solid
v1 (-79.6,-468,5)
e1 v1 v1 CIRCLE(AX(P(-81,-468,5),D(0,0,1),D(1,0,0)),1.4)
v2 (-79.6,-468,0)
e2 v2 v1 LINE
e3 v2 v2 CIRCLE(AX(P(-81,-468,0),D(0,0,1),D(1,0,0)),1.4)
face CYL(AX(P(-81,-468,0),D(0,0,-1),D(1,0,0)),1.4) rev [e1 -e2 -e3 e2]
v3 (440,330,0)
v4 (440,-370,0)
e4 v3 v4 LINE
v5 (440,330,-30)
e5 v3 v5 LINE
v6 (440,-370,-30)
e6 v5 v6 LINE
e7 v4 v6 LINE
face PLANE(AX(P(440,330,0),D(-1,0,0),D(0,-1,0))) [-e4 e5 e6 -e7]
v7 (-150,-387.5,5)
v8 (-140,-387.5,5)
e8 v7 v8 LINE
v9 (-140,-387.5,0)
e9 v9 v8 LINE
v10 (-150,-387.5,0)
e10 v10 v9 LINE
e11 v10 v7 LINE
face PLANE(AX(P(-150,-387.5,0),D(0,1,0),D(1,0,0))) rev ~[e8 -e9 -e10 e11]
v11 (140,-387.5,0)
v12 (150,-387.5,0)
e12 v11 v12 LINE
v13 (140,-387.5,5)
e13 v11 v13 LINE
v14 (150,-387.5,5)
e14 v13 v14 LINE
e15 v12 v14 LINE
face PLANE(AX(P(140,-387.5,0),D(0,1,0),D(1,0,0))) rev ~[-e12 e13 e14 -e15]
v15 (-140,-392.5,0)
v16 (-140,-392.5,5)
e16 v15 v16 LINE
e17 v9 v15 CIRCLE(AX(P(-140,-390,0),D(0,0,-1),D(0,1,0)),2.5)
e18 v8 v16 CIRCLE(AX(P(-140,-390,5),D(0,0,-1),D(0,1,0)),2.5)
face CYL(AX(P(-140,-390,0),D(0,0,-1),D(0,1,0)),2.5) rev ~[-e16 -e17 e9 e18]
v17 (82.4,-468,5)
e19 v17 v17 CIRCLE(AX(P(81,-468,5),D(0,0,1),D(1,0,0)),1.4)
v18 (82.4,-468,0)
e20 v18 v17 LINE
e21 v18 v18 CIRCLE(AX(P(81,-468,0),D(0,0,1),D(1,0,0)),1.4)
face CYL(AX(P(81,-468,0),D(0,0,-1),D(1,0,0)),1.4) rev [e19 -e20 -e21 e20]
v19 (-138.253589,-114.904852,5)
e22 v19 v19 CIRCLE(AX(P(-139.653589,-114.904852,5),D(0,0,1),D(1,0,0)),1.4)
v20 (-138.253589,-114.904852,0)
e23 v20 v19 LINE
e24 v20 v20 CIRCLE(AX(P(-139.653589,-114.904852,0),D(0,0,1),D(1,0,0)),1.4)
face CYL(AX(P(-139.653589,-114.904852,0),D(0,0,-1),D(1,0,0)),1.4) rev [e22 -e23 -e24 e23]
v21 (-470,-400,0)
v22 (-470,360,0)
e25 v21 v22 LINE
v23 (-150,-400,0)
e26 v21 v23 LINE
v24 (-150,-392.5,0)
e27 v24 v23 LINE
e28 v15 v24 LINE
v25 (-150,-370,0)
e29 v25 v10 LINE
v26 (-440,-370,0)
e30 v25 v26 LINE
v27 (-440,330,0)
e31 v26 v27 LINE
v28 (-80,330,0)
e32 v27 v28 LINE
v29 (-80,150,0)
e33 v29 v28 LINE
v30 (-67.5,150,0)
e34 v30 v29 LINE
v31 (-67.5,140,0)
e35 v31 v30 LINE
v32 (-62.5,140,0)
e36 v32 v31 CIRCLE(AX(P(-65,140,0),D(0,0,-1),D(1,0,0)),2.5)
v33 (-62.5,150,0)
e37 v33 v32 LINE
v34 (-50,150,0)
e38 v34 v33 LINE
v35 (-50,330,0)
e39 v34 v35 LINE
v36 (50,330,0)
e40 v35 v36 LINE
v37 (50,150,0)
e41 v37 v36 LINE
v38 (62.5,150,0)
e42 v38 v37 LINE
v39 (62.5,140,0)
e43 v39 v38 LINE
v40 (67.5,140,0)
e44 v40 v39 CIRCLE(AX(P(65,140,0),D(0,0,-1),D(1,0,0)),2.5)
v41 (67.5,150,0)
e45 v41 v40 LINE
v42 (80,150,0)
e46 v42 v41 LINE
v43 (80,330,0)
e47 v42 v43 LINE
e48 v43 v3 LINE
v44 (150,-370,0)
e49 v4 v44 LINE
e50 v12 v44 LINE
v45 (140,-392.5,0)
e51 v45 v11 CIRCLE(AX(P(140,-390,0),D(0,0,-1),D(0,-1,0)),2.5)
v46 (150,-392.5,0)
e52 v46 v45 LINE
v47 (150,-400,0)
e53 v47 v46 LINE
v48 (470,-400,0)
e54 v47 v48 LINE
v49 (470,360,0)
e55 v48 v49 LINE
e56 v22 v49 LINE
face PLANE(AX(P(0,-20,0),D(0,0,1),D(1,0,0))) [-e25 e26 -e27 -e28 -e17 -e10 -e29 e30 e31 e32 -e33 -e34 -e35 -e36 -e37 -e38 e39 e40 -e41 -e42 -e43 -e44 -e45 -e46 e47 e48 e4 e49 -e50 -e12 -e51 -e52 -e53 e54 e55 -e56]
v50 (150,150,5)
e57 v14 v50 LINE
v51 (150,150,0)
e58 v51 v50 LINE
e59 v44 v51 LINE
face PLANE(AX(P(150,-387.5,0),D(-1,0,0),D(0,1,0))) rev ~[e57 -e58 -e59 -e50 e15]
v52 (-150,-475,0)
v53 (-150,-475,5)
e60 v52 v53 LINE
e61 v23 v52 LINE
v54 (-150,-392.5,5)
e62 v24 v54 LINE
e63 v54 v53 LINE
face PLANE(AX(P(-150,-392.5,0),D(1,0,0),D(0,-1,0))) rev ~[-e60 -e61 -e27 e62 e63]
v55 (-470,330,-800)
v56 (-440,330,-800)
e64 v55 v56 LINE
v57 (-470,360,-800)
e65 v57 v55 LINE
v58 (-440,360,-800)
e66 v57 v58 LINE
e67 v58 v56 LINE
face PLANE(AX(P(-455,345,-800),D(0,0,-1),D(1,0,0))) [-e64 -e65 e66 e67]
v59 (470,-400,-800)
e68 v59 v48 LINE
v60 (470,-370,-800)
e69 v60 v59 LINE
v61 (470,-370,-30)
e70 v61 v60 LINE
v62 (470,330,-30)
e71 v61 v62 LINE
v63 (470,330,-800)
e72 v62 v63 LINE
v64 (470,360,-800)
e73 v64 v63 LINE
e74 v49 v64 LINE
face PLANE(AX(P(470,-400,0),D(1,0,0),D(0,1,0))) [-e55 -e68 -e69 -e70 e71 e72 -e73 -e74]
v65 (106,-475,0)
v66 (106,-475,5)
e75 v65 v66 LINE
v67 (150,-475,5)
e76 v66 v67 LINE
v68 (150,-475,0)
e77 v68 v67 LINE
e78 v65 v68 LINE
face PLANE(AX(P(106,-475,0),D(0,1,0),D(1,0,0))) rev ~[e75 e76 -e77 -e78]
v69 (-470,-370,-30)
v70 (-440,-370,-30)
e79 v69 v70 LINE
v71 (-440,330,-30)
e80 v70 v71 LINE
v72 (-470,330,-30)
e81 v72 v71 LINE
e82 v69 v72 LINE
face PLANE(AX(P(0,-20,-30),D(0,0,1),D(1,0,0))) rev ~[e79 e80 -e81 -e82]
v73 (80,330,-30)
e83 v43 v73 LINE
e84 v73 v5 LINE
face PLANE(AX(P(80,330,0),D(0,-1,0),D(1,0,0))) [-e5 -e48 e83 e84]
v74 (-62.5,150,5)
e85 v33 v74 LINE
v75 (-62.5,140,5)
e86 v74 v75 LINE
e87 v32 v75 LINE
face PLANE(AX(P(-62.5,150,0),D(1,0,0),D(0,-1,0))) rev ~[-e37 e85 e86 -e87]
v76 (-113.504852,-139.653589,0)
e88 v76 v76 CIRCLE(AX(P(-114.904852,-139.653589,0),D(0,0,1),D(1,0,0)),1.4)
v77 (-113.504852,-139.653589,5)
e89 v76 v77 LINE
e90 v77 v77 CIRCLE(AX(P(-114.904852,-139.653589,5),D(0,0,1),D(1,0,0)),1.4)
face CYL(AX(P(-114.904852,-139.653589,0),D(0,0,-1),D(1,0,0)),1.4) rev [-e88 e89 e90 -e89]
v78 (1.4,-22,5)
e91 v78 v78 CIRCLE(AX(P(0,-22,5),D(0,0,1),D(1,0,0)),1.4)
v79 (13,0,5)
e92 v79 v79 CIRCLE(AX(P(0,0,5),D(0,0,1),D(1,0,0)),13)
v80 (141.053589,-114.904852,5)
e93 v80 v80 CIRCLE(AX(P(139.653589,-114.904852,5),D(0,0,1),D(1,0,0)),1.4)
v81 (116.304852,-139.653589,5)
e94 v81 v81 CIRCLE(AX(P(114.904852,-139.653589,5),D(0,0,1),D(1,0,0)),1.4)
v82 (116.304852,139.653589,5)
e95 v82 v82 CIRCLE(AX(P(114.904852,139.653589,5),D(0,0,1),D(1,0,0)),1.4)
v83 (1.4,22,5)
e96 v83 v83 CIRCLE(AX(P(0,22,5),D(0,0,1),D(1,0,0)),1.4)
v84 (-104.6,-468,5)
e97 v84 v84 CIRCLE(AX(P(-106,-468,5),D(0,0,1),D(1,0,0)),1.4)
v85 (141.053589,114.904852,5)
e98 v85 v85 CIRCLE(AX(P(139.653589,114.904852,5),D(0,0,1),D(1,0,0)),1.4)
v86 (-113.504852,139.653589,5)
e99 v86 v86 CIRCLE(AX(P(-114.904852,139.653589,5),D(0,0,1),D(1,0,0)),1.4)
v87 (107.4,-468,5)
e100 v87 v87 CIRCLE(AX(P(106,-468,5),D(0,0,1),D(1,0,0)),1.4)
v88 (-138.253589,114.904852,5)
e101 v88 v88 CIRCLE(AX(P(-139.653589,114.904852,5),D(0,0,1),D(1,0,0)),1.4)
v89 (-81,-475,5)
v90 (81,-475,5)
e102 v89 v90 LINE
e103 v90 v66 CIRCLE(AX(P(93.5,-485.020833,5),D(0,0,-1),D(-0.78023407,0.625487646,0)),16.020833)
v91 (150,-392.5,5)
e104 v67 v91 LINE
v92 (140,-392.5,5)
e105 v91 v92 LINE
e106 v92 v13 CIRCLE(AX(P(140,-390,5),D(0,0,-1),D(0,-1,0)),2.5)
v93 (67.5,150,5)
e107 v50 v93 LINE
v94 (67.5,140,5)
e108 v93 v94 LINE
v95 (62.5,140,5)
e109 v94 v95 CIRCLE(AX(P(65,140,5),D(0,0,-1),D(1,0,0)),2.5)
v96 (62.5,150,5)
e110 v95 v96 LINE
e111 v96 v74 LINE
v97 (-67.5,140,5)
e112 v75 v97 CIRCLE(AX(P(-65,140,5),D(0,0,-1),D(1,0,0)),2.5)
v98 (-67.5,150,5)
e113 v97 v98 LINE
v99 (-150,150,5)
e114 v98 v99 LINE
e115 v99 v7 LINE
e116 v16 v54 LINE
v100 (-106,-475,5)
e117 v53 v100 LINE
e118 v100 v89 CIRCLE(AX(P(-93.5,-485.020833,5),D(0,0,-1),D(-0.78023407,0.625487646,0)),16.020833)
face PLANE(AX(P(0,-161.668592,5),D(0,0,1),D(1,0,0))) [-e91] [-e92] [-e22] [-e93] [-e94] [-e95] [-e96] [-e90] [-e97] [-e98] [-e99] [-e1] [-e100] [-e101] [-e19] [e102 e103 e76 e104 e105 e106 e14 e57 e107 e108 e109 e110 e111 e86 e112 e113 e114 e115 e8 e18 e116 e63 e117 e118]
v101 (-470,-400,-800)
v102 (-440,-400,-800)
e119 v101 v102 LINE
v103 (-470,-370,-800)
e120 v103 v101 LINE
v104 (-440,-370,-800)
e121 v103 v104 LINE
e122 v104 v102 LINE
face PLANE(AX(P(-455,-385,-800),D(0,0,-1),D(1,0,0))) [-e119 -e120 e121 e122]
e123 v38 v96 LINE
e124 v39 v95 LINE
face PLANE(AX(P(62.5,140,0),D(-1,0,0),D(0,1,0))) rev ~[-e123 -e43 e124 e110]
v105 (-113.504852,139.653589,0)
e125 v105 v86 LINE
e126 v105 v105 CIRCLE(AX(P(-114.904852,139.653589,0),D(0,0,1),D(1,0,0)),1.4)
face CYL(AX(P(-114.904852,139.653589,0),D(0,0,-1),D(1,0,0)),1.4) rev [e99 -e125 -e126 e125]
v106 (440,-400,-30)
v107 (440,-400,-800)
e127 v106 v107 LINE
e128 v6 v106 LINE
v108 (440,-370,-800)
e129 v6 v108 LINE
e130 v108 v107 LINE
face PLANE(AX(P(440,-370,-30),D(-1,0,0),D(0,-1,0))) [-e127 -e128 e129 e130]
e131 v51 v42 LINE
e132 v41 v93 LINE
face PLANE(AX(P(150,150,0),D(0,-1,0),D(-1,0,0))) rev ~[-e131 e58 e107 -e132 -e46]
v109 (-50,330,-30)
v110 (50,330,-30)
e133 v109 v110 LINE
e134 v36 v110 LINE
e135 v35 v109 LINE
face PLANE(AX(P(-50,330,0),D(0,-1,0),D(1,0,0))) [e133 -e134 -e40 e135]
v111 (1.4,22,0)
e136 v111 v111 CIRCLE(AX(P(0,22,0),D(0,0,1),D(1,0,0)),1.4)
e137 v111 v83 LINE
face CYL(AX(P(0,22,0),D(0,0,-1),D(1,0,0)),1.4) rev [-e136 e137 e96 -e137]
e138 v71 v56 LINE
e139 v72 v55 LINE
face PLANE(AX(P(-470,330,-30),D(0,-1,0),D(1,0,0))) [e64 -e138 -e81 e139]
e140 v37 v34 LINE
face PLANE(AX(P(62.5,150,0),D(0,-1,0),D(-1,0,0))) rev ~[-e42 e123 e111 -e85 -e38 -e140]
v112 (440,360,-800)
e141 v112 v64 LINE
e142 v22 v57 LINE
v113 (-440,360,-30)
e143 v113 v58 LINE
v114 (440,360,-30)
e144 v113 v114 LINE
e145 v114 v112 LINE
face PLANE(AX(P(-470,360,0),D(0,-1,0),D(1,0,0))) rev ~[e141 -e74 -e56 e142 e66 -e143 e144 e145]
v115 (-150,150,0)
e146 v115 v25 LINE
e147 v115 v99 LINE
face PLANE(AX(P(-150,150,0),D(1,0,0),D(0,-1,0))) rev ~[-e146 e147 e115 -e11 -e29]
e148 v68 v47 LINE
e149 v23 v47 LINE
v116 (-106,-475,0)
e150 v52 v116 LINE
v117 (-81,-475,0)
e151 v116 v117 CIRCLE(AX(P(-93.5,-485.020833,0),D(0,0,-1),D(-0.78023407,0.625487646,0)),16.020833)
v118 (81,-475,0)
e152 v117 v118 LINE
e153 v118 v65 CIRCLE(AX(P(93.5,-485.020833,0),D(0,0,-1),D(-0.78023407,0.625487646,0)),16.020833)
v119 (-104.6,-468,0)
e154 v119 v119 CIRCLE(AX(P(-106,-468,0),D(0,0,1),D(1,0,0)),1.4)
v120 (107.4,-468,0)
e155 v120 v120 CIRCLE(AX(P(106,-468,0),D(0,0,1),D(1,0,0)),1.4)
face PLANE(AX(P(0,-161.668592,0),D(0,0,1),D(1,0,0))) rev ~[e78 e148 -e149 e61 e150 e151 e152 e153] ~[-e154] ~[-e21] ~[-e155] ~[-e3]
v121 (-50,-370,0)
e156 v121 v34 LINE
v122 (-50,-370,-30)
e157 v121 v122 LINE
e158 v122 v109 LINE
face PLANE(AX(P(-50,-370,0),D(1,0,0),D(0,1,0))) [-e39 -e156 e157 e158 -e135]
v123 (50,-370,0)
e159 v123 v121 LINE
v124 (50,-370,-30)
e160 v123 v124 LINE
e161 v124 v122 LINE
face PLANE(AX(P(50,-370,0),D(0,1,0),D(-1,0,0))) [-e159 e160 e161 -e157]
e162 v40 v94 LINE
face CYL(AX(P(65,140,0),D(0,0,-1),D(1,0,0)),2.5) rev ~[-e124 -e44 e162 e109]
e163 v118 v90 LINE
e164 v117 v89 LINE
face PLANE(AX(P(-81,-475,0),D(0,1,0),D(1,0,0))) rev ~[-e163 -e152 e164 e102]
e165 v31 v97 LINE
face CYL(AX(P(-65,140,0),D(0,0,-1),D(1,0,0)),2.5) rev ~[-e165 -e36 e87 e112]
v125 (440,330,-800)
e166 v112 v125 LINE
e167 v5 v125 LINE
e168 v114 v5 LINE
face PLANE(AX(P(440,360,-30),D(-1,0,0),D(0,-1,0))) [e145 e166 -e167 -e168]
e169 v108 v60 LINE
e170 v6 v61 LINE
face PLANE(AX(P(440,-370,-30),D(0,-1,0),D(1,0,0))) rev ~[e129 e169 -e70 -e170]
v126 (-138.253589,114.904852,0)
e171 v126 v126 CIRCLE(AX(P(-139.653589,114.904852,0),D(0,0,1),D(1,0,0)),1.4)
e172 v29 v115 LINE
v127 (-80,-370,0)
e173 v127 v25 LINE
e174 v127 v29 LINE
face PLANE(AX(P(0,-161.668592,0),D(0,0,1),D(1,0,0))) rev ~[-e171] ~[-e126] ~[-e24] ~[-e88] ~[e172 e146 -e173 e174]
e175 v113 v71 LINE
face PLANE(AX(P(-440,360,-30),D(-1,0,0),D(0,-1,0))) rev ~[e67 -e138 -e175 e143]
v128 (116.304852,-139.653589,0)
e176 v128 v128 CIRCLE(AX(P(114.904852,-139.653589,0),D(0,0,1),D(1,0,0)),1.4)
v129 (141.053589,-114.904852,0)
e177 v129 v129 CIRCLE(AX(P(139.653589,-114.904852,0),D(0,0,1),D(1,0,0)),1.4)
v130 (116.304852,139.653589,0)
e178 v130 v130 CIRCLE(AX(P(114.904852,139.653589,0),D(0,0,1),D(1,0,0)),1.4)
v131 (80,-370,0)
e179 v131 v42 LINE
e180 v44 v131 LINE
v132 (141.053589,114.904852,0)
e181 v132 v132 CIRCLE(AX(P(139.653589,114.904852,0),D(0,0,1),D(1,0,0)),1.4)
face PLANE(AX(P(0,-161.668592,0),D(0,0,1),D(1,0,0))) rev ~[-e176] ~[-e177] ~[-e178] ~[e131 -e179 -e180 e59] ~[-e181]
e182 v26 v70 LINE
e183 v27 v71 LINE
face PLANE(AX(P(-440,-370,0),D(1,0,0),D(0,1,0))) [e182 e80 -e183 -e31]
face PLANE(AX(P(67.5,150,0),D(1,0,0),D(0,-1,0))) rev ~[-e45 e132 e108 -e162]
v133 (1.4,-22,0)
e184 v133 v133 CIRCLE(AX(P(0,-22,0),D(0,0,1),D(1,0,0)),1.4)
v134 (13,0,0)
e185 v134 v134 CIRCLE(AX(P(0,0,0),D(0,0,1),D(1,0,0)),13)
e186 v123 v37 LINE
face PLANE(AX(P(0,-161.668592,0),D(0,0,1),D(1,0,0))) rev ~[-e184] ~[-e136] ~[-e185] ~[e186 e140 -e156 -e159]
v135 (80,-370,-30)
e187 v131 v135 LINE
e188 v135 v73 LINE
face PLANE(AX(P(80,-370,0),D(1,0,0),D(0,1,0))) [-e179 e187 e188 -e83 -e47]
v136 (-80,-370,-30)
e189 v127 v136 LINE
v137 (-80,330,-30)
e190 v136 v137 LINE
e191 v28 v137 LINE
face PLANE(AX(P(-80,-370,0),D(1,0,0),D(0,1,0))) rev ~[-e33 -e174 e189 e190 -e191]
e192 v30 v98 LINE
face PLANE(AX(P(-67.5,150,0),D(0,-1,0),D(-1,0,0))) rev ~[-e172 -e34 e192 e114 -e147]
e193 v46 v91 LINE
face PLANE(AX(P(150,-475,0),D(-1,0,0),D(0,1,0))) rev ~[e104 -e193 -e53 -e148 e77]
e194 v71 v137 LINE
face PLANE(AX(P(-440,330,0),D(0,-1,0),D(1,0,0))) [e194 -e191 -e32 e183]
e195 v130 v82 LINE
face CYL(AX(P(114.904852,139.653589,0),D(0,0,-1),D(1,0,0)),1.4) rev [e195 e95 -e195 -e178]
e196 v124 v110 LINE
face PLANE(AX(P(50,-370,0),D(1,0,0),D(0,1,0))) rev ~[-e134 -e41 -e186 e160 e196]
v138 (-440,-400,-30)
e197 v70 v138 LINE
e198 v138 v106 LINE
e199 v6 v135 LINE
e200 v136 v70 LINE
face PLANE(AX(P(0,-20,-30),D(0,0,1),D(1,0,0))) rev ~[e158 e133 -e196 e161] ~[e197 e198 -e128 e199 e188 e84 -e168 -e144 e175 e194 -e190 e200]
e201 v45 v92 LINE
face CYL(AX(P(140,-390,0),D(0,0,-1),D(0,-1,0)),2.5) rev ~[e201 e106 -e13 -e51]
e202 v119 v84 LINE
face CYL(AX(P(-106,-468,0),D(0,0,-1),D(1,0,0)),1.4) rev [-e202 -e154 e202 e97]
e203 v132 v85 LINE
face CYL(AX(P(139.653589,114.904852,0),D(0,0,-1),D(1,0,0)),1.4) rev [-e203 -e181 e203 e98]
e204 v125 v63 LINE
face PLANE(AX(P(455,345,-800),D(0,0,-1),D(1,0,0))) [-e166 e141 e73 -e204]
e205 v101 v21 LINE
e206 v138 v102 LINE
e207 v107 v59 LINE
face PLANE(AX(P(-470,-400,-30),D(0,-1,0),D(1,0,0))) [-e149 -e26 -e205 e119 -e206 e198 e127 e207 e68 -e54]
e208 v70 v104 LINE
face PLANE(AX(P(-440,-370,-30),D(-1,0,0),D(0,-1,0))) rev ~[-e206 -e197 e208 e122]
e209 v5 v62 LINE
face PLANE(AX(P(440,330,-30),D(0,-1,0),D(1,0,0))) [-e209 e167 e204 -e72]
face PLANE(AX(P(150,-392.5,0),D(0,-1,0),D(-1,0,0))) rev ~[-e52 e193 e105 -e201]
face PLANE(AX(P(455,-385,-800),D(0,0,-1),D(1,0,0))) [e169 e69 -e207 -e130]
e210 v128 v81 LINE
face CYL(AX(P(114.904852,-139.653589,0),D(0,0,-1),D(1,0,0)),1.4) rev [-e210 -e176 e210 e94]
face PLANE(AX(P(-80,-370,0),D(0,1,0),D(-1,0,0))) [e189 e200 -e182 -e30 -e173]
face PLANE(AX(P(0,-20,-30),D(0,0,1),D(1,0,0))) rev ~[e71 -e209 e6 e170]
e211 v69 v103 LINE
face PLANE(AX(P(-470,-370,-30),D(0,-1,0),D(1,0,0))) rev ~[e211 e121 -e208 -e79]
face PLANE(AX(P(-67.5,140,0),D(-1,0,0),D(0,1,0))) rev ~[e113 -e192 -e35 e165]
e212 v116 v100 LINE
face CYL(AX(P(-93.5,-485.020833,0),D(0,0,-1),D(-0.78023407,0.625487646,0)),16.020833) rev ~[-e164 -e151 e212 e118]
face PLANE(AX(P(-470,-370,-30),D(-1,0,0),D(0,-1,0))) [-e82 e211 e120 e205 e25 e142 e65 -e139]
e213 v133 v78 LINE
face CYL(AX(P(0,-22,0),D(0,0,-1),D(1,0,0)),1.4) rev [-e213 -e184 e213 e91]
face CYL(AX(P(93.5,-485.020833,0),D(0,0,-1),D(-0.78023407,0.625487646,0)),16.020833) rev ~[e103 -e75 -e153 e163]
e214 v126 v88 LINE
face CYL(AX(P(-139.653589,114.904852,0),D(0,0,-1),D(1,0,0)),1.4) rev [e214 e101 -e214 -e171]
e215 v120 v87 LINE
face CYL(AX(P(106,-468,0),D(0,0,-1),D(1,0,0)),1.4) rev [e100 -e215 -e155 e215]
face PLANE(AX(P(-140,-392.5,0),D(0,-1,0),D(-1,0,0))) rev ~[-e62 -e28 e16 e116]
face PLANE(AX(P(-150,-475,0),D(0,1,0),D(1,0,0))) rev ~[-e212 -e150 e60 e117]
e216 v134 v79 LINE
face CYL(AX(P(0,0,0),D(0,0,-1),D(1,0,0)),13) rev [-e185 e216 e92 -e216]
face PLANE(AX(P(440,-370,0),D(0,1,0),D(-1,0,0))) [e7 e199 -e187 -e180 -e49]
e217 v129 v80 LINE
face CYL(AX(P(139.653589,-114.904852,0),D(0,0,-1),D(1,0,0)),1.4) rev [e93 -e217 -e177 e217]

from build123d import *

# Parameters (mm, degrees)
F1_W     = 940
F1_H     = 760
F1_W_2   = 30
F1_H_2   = 700
F2_DEPTH = 30
F0_R     = 1.4
F0_R_2   = 13
F3_DEPTH = 5
F4_W     = 30
F4_H     = 30
F5_DEPTH = 770


with BuildPart() as f2:
    # F1 (on Top) → F2 (new body)
    with BuildSketch(Plane.XY):
        with Locations((0, -20)):
            Rectangle(F1_W, F1_H)
        Polygon((-440, -370), (-440, 330), (-80, 330), (-50, 330), (50, 330), (80, 330), (440, 330), (440, -370), (80, -370), (50, -370), (-50, -370), (-80, -370), align=None, mode=Mode.SUBTRACT)
        with Locations((-65, -20)):
            Rectangle(F1_W_2, F1_H_2)
        with Locations((65, -20)):
            Rectangle(F1_W_2, F1_H_2)
    extrude(amount=-F2_DEPTH)

    # F0 (on Top) → F3 (join)
    with BuildSketch(Plane.XY):
        with BuildLine():
            Line((-67.5, 150), (-150, 150))
            Line((-150, 150), (-150, -387.5))
            Line((-150, -387.5), (-140, -387.5))
            ThreePointArc((-140, -387.5), (-137.5, -390), (-140, -392.5))
            Line((-140, -392.5), (-150, -392.5))
            Line((-150, -392.5), (-150, -475))
            Line((-150, -475), (-106, -475))
            ThreePointArc((-106, -475), (-93.5, -469), (-81, -475))
            Line((-81, -475), (0, -475))
            Line((0, -475), (81, -475))
            ThreePointArc((81, -475), (93.5, -469), (106, -475))
            Line((106, -475), (150, -475))
            Line((150, -475), (150, -392.5))
            Line((150, -392.5), (140, -392.5))
            ThreePointArc((140, -392.5), (137.5, -390), (140, -387.5))
            Line((140, -387.5), (150, -387.5))
            Line((150, -387.5), (150, 150))
            Line((150, 150), (67.5, 150))
            Line((67.5, 150), (67.5, 140))
            ThreePointArc((67.5, 140), (65, 137.5), (62.5, 140))
            Line((62.5, 140), (62.5, 150))
            Line((62.5, 150), (-62.5, 150))
            Line((-62.5, 150), (-62.5, 140))
            ThreePointArc((-62.5, 140), (-65, 137.5), (-67.5, 140))
            Line((-67.5, 140), (-67.5, 150))
        make_face()
        with Locations((-106, -468)):
            Circle(F0_R, mode=Mode.SUBTRACT)
        with Locations((-81, -468)):
            Circle(F0_R, mode=Mode.SUBTRACT)
        with Locations((81, -468)):
            Circle(F0_R, mode=Mode.SUBTRACT)
        with Locations((106, -468)):
            Circle(F0_R, mode=Mode.SUBTRACT)
        with Locations((-114.904852, -139.653589)):
            Circle(F0_R, mode=Mode.SUBTRACT)
        with Locations((-139.653589, -114.904852)):
            Circle(F0_R, mode=Mode.SUBTRACT)
        with Locations((-139.653589, 114.904852)):
            Circle(F0_R, mode=Mode.SUBTRACT)
        with Locations((-114.904852, 139.653589)):
            Circle(F0_R, mode=Mode.SUBTRACT)
        with Locations((0, -22)):
            Circle(F0_R, mode=Mode.SUBTRACT)
        with Locations((114.904852, -139.653589)):
            Circle(F0_R, mode=Mode.SUBTRACT)
        with Locations((139.653589, -114.904852)):
            Circle(F0_R, mode=Mode.SUBTRACT)
        Circle(F0_R_2, mode=Mode.SUBTRACT)
        with Locations((0, 22)):
            Circle(F0_R, mode=Mode.SUBTRACT)
        with Locations((114.904852, 139.653589)):
            Circle(F0_R, mode=Mode.SUBTRACT)
        with Locations((139.653589, 114.904852)):
            Circle(F0_R, mode=Mode.SUBTRACT)
    extrude(amount=F3_DEPTH)

    # F4 (on face) → F5 (join)
    with BuildSketch(Plane(origin=(0, 0, -30), x_dir=(1, 0, 0), z_dir=(0, 0, -1))):
        with Locations((-455, 385)):
            Rectangle(F4_W, F4_H)
        with Locations((-455, -345)):
            Rectangle(F4_W, F4_H)
        with Locations((455, -345)):
            Rectangle(F4_W, F4_H)
        with Locations((455, 385)):
            Rectangle(F4_W, F4_H)
    extrude(amount=F5_DEPTH)


solid = f2.part
